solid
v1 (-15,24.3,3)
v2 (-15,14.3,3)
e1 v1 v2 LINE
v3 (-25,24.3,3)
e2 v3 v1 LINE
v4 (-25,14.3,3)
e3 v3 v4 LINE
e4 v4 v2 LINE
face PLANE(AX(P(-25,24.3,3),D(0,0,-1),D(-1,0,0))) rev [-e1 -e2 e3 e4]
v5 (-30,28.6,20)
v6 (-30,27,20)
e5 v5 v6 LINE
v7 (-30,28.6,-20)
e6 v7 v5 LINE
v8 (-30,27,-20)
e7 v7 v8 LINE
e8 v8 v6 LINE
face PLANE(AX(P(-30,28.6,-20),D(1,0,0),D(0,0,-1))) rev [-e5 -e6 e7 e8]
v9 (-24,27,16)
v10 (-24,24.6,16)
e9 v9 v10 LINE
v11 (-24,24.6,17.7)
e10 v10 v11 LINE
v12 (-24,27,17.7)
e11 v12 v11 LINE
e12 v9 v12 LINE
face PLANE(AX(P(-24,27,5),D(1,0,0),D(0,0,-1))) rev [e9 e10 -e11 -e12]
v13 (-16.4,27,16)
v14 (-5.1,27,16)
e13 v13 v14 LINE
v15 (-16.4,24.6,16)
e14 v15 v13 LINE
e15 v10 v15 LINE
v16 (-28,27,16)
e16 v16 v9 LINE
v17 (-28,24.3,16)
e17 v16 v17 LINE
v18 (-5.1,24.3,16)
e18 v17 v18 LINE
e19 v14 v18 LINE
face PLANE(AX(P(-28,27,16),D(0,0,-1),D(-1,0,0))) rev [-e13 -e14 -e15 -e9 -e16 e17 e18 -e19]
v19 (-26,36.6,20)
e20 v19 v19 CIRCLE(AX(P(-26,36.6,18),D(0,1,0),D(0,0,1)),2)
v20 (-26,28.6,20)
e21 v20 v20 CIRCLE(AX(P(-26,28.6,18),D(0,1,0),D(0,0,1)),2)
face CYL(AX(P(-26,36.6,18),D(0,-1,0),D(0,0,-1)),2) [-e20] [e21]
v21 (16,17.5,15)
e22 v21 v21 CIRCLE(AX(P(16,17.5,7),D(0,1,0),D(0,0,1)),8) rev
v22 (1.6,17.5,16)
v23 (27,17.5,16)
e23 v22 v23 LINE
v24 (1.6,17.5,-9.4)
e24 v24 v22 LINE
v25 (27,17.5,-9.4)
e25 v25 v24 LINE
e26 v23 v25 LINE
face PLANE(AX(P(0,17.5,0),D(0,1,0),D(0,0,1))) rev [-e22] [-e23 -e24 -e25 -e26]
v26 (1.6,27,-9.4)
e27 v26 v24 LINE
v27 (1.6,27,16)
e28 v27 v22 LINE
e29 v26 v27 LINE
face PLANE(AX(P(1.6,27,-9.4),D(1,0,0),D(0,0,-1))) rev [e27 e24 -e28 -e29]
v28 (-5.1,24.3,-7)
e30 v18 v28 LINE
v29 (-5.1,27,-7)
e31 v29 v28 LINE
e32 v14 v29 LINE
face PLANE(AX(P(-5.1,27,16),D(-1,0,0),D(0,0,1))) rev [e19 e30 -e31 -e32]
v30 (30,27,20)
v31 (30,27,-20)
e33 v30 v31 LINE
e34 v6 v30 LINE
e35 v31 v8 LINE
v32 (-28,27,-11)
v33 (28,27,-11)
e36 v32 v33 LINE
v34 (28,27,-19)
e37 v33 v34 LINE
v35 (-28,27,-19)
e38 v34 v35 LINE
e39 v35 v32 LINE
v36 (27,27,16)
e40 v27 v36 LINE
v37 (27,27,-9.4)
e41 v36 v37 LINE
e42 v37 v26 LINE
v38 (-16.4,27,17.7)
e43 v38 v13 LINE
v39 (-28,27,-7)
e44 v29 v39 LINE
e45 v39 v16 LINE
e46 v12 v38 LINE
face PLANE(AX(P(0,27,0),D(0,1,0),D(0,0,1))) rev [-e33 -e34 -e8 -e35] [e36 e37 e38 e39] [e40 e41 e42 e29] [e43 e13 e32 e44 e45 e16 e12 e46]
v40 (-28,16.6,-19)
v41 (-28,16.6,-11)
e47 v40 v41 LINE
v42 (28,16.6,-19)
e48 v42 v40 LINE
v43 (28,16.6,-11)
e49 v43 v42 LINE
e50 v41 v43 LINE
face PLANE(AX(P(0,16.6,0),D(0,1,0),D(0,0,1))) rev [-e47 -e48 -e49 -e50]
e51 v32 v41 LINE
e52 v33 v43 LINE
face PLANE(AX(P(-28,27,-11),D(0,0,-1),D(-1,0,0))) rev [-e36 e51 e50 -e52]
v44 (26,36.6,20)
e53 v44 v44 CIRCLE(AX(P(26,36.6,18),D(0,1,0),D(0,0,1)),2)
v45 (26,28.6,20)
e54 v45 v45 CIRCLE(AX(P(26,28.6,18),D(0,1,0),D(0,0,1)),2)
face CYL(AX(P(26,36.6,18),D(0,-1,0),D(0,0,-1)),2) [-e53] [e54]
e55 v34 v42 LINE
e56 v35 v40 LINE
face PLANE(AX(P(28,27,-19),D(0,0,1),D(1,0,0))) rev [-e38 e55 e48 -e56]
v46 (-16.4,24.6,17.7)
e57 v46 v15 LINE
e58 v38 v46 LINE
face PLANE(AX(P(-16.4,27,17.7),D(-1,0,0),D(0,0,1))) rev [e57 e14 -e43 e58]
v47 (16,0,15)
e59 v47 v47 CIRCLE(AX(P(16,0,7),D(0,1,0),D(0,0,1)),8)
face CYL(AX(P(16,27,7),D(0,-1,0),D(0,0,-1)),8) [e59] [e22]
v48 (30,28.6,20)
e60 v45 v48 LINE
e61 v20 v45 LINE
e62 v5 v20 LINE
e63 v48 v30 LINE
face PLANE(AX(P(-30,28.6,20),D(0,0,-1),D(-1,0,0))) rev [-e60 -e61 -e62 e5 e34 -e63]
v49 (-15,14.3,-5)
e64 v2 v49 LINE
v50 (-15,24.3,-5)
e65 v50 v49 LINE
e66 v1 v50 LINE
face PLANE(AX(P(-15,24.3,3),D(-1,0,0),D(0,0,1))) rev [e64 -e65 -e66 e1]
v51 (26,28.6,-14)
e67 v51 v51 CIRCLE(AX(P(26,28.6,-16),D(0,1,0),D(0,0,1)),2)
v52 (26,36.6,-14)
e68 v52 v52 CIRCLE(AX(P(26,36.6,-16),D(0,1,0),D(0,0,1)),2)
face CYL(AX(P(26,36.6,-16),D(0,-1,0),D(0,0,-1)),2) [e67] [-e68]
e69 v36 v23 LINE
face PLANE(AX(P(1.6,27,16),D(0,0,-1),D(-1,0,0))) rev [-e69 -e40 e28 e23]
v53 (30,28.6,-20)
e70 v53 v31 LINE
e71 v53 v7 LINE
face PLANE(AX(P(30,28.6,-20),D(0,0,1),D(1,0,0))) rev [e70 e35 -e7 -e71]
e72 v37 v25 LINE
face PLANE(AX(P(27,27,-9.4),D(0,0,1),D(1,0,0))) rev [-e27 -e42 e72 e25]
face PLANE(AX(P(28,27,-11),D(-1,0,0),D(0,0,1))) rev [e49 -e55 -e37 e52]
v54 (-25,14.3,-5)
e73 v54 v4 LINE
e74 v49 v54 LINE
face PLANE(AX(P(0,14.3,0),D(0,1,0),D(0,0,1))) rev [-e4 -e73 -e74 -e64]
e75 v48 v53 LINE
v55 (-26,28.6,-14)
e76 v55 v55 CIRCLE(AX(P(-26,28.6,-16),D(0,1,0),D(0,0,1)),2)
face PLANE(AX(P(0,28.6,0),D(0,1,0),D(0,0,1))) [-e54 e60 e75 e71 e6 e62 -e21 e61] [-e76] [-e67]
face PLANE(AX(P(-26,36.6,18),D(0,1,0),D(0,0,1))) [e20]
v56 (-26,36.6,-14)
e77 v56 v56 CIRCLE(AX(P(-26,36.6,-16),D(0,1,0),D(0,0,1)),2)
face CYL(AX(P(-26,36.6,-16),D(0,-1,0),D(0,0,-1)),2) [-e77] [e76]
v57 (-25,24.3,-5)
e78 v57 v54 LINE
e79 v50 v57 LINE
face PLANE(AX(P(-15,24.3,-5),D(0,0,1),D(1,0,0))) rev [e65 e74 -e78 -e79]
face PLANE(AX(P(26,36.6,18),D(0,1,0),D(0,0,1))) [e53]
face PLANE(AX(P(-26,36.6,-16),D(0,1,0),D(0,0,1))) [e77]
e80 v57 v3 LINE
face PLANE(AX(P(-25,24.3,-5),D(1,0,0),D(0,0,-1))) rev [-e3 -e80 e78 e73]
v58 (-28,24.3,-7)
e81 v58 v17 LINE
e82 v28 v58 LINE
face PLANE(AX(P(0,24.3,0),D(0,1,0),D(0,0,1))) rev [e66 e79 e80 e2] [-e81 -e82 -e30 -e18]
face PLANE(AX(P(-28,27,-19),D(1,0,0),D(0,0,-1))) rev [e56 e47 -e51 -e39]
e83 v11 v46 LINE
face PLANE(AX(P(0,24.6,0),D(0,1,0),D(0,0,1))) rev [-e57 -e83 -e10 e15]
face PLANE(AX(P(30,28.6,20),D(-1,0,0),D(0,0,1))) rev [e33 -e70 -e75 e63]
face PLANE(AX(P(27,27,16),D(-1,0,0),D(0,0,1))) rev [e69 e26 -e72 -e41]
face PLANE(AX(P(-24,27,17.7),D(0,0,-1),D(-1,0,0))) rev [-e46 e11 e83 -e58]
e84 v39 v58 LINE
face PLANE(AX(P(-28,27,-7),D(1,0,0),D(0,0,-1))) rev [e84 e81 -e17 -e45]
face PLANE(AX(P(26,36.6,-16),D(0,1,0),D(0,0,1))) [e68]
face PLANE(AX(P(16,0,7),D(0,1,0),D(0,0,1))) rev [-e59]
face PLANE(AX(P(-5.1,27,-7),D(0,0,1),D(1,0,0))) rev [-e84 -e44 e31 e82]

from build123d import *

# Parameters (mm, degrees)
P01_STANDOFF_START             = 28.6
SK_P01_STANDOFF_R              = 2
P01_STANDOFF_DEPTH             = 8
P02_STANDOFF_START             = 28.6
SK_P02_STANDOFF_R              = 2
P02_STANDOFF_DEPTH             = 8
P03_STANDOFF_START             = 28.6
SK_P03_STANDOFF_R              = 2
P03_STANDOFF_DEPTH             = 8
P04_STANDOFF_START             = 28.6
SK_P04_STANDOFF_R              = 2
P04_STANDOFF_DEPTH             = 8
P05_CARRIERBOARD_START         = 27
SK_P05_CARRIERBOARD_W          = 60
SK_P05_CARRIERBOARD_H          = 40
P05_CARRIERBOARD_DEPTH         = 1.6
P06_INA2602COMPUTE_START       = 24.3
SK_P06_INA2602COMPUTE_W        = 22.9
SK_P06_INA2602COMPUTE_H        = 23
P06_INA2602COMPUTE_DEPTH       = 2.7
P07_INA260TERMINALBLOCK_START  = 14.3
SK_P07_INA260TERMINALBLOCK_W   = 10
SK_P07_INA260TERMINALBLOCK_H   = 8
P07_INA260TERMINALBLOCK_DEPTH  = 10
P08_BUCKAD36V50F551V_START     = 17.5
SK_P08_BUCKAD36V50F551V_W      = 25.4
SK_P08_BUCKAD36V50F551V_H      = 25.4
P08_BUCKAD36V50F551V_DEPTH     = 9.5
P09_JSTXHHEADERSFACEDOWN_START = 16.6
SK_P09_JSTXHHEADERSFACEDOWN_W  = 56
SK_P09_JSTXHHEADERSFACEDOWN_H  = 8
P09_JSTXHHEADERSFACEDOWN_DEPTH = 10.4
P10_D2IDEALDIODE_START         = 24.6
SK_P10_D2IDEALDIODE_W          = 7.6
SK_P10_D2IDEALDIODE_H          = 12.7
P10_D2IDEALDIODE_DEPTH         = 2.4
SK_P11_C14700UF25V_R           = 8
P11_C14700UF25V_DEPTH          = 27


with BuildPart() as part:
    # SK_P01_Standoff → P01_Standoff (new body)
    with BuildSketch(Plane(origin=(0, 0, 0), x_dir=(1, 0, 0), z_dir=(0, 1, 0)).offset(P01_STANDOFF_START)):
        with Locations(Location((-26, -18, 0), (0, 0, 270))):
            Circle(SK_P01_STANDOFF_R)
    extrude(amount=P01_STANDOFF_DEPTH)



with BuildPart() as body_2:
    # SK_P02_Standoff → P02_Standoff (new body)
    with BuildSketch(Plane(origin=(0, 0, 0), x_dir=(1, 0, 0), z_dir=(0, 1, 0)).offset(P02_STANDOFF_START)):
        with Locations(Location((-26, 16, 0), (0, 0, 270))):
            Circle(SK_P02_STANDOFF_R)
    extrude(amount=P02_STANDOFF_DEPTH)


with BuildPart() as body_3:
    # SK_P03_Standoff → P03_Standoff (new body)
    with BuildSketch(Plane(origin=(0, 0, 0), x_dir=(1, 0, 0), z_dir=(0, 1, 0)).offset(P03_STANDOFF_START)):
        with Locations(Location((26, -18, 0), (0, 0, 270))):
            Circle(SK_P03_STANDOFF_R)
    extrude(amount=P03_STANDOFF_DEPTH)


with BuildPart() as body_4:
    # SK_P04_Standoff → P04_Standoff (new body)
    with BuildSketch(Plane(origin=(0, 0, 0), x_dir=(1, 0, 0), z_dir=(0, 1, 0)).offset(P04_STANDOFF_START)):
        with Locations(Location((26, 16, 0), (0, 0, 270))):
            Circle(SK_P04_STANDOFF_R)
    extrude(amount=P04_STANDOFF_DEPTH)


with BuildPart() as part_1:
    add(part.part)

    add(body_2.part)  # P05_Carrierboard merges body 2

    add(body_3.part)  # P05_Carrierboard merges body 3

    add(body_4.part)  # P05_Carrierboard merges body 4
    # SK_P05_Carrierboard → P05_Carrierboard (add)
    with BuildSketch(Plane(origin=(0, 0, 0), x_dir=(1, 0, 0), z_dir=(0, 1, 0)).offset(P05_CARRIERBOARD_START)):
        Rectangle(SK_P05_CARRIERBOARD_W, SK_P05_CARRIERBOARD_H)
    extrude(amount=P05_CARRIERBOARD_DEPTH)

    # SK_P06_INA2602compute → P06_INA2602compute (add)
    with BuildSketch(Plane(origin=(0, 0, 0), x_dir=(1, 0, 0), z_dir=(0, 1, 0)).offset(P06_INA2602COMPUTE_START)):
        with Locations((-16.55, -4.5)):
            Rectangle(SK_P06_INA2602COMPUTE_W, SK_P06_INA2602COMPUTE_H)
    extrude(amount=P06_INA2602COMPUTE_DEPTH)

    # SK_P07_INA260terminalblock → P07_INA260terminalblock (add)
    with BuildSketch(Plane(origin=(0, 0, 0), x_dir=(1, 0, 0), z_dir=(0, 1, 0)).offset(P07_INA260TERMINALBLOCK_START)):
        with Locations((-20, 1)):
            Rectangle(SK_P07_INA260TERMINALBLOCK_W, SK_P07_INA260TERMINALBLOCK_H)
    extrude(amount=P07_INA260TERMINALBLOCK_DEPTH)

    # SK_P08_BuckAD36V50F551V → P08_BuckAD36V50F551V (add)
    with BuildSketch(Plane(origin=(0, 0, 0), x_dir=(1, 0, 0), z_dir=(0, 1, 0)).offset(P08_BUCKAD36V50F551V_START)):
        with Locations((14.3, -3.3)):
            Rectangle(SK_P08_BUCKAD36V50F551V_W, SK_P08_BUCKAD36V50F551V_H)
    extrude(amount=P08_BUCKAD36V50F551V_DEPTH)

    # SK_P09_JSTXHheadersfacedown → P09_JSTXHheadersfacedown (add)
    with BuildSketch(Plane(origin=(0, 0, 0), x_dir=(1, 0, 0), z_dir=(0, 1, 0)).offset(P09_JSTXHHEADERSFACEDOWN_START)):
        with Locations((0, 15)):
            Rectangle(SK_P09_JSTXHHEADERSFACEDOWN_W, SK_P09_JSTXHHEADERSFACEDOWN_H)
    extrude(amount=P09_JSTXHHEADERSFACEDOWN_DEPTH)

    # SK_P10_D2idealdiode → P10_D2idealdiode (add)
    with BuildSketch(Plane(origin=(0, 0, 0), x_dir=(1, 0, 0), z_dir=(0, 1, 0)).offset(P10_D2IDEALDIODE_START)):
        with Locations((-20.2, -11.35)):
            Rectangle(SK_P10_D2IDEALDIODE_W, SK_P10_D2IDEALDIODE_H)
    extrude(amount=P10_D2IDEALDIODE_DEPTH)

    # SK_P11_C14700uF25V → P11_C14700uF25V (add)
    with BuildSketch(Plane(origin=(0, 0, 0), x_dir=(1, 0, 0), z_dir=(0, 1, 0))):
        with Locations(Location((16, -7, 0), (0, 0, 270))):
            Circle(SK_P11_C14700UF25V_R)
    extrude(amount=P11_C14700UF25V_DEPTH)


solid = part_1.part
